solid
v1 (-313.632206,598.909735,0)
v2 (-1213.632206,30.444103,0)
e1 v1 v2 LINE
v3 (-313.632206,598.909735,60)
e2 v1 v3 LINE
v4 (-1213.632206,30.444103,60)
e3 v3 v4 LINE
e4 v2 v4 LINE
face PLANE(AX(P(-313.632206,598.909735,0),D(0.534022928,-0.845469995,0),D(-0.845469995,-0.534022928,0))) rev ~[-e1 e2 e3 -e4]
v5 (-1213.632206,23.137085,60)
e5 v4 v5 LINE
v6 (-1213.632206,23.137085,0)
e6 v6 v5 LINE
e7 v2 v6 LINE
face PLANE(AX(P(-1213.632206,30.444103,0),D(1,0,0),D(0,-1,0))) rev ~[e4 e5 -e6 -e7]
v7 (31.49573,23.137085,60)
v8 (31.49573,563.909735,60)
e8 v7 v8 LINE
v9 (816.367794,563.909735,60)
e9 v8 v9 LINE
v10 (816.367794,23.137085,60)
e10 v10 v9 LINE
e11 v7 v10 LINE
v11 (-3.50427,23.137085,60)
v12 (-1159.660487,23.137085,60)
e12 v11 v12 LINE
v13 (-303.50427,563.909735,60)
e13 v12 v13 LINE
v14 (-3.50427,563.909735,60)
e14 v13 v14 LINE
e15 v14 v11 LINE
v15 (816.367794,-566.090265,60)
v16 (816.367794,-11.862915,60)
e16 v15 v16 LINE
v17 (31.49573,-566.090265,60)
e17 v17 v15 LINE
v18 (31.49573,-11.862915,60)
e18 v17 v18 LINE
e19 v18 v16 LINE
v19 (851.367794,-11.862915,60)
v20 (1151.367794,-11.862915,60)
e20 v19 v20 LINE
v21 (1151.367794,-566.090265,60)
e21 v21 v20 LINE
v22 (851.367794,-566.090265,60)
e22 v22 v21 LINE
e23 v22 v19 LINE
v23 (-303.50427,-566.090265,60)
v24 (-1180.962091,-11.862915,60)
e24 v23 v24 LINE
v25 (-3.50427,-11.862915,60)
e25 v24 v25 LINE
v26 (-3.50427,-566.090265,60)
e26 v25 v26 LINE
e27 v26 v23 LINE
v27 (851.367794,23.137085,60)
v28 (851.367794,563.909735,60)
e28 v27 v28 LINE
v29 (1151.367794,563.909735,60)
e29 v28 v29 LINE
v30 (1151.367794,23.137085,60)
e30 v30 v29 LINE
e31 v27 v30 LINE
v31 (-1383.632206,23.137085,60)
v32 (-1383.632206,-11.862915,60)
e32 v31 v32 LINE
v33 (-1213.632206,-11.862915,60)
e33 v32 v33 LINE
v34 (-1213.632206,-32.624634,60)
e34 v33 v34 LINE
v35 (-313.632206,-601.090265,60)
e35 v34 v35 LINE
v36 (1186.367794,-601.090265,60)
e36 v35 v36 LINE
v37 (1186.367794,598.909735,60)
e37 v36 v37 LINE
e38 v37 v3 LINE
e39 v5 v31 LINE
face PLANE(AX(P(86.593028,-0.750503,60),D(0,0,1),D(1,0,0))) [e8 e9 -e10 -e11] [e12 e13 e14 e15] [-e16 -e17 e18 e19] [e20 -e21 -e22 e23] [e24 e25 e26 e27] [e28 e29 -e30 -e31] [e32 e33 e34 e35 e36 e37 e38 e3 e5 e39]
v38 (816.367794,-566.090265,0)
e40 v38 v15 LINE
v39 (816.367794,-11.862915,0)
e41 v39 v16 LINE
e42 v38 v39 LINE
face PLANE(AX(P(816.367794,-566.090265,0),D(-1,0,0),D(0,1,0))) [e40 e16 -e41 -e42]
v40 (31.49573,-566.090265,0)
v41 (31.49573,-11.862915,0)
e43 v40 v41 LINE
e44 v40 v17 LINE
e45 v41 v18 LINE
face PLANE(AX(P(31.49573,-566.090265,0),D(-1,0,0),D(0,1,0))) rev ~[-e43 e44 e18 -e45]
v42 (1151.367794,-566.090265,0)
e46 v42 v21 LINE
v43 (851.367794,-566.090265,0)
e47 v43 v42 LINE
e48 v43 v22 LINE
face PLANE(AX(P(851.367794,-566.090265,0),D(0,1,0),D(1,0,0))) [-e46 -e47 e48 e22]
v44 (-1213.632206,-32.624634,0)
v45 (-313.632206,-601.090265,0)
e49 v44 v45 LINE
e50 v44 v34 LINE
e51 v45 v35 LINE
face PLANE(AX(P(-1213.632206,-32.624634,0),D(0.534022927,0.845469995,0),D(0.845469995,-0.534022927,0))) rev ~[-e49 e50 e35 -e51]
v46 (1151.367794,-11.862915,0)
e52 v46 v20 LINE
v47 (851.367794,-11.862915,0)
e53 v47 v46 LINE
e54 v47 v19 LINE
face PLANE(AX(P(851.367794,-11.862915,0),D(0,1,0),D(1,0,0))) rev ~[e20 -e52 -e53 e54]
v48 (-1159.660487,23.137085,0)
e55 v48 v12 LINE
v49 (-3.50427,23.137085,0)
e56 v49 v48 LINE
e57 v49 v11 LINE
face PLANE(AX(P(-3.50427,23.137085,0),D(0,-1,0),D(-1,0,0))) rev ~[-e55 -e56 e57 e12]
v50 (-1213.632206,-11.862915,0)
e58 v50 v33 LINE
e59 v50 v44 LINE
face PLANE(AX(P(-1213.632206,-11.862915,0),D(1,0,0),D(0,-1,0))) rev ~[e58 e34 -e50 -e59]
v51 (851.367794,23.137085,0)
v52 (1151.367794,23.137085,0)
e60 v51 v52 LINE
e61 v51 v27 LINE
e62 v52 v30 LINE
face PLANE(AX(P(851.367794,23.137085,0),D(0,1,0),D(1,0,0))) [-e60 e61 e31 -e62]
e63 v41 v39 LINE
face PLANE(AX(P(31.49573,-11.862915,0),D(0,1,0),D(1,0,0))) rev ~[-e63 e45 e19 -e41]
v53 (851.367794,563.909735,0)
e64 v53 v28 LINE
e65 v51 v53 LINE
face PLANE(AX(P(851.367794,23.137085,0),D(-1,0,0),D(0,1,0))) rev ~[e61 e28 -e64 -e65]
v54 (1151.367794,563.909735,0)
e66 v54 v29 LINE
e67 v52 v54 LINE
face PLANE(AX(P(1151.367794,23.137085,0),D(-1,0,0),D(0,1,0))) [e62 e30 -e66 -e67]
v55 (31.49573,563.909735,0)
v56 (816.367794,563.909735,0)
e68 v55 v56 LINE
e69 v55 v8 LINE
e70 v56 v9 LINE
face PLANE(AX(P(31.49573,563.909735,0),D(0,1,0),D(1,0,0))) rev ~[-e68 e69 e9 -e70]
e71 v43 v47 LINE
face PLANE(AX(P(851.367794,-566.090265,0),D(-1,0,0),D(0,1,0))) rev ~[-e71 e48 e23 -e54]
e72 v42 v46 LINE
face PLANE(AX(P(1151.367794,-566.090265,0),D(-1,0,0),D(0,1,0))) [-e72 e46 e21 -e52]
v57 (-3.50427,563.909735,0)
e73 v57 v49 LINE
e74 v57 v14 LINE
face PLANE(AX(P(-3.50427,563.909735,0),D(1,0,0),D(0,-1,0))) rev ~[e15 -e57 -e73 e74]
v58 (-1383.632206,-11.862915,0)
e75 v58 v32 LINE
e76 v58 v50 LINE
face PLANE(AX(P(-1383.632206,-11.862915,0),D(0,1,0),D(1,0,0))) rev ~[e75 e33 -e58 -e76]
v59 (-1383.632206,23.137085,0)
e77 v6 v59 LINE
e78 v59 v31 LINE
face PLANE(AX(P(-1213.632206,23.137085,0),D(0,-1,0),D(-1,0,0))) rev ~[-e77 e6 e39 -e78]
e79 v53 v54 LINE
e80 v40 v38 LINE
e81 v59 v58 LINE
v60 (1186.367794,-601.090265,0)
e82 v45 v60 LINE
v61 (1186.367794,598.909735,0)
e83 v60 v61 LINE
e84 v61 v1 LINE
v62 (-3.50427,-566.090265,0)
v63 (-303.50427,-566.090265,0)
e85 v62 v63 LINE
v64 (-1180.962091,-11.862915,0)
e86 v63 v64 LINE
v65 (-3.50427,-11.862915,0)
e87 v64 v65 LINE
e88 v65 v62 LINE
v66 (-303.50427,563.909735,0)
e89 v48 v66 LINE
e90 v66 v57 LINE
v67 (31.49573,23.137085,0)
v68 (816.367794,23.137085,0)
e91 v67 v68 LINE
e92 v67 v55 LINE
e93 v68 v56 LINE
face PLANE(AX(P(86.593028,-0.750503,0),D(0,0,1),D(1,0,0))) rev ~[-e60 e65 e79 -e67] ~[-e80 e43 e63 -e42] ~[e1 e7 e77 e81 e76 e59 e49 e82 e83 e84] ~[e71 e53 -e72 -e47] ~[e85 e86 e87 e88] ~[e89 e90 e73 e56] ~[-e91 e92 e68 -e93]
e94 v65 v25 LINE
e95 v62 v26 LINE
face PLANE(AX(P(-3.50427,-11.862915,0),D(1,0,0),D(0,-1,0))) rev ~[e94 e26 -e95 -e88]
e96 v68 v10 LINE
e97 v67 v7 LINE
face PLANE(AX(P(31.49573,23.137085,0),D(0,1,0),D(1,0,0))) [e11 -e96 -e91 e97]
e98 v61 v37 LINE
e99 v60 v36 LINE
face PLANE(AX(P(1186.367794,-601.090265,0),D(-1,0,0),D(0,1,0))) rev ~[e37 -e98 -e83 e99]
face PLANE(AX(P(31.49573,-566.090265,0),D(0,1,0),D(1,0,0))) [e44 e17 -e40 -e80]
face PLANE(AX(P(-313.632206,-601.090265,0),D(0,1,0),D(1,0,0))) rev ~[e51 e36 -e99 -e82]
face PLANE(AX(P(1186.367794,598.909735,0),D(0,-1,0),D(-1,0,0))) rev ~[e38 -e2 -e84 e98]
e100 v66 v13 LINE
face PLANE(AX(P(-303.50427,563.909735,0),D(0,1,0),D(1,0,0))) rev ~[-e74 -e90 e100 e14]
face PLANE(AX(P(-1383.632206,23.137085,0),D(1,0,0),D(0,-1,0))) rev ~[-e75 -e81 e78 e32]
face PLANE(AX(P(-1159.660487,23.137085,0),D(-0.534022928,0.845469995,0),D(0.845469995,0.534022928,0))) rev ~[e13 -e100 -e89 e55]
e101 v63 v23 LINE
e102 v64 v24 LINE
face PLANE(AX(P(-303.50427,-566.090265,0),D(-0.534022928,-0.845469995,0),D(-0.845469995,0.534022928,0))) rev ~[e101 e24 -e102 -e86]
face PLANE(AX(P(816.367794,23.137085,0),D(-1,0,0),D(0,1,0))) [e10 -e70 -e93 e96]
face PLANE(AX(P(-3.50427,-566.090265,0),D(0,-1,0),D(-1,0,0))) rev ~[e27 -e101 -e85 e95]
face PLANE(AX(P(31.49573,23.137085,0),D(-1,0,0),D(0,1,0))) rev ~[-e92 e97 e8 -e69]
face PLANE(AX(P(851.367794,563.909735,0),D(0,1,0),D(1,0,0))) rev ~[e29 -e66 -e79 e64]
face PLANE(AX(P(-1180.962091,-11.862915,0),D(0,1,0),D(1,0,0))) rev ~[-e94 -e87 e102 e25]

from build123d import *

# Parameters (mm, degrees)
F0_W     = 784.872064
F0_H     = 554.22735
F0_W_2   = 300
F0_H_2   = 540.77265
F1_DEPTH = 60


with BuildPart() as f1:
    # F0 (on Top) → F1 (new body)
    with BuildSketch(Plane.XY):
        Polygon((1186.367794, -601.090265), (1186.367794, 598.909735), (-313.632206, 598.909735), (-1213.632206, 30.444103), (-1213.632206, 23.137085), (-1383.632206, 23.137085), (-1383.632206, -11.862915), (-1213.632206, -11.862915), (-1213.632206, -32.624634), (-313.632206, -601.090265), align=None)
        Polygon((-3.50427, -566.090265), (-303.50427, -566.090265), (-1180.962091, -11.862915), (-3.50427, -11.862915), align=None, mode=Mode.SUBTRACT)
        with Locations((423.931762, -288.97659)):
            Rectangle(F0_W, F0_H, mode=Mode.SUBTRACT)
        with Locations((1001.367794, -288.97659)):
            Rectangle(F0_W_2, F0_H, mode=Mode.SUBTRACT)
        Polygon((-1159.660487, 23.137085), (-303.50427, 563.909735), (-3.50427, 563.909735), (-3.50427, 23.137085), align=None, mode=Mode.SUBTRACT)
        with Locations((423.931762, 293.52341)):
            Rectangle(F0_W, F0_H_2, mode=Mode.SUBTRACT)
        with Locations((1001.367794, 293.52341)):
            Rectangle(F0_W_2, F0_H_2, mode=Mode.SUBTRACT)
    extrude(amount=F1_DEPTH)


solid = f1.part
